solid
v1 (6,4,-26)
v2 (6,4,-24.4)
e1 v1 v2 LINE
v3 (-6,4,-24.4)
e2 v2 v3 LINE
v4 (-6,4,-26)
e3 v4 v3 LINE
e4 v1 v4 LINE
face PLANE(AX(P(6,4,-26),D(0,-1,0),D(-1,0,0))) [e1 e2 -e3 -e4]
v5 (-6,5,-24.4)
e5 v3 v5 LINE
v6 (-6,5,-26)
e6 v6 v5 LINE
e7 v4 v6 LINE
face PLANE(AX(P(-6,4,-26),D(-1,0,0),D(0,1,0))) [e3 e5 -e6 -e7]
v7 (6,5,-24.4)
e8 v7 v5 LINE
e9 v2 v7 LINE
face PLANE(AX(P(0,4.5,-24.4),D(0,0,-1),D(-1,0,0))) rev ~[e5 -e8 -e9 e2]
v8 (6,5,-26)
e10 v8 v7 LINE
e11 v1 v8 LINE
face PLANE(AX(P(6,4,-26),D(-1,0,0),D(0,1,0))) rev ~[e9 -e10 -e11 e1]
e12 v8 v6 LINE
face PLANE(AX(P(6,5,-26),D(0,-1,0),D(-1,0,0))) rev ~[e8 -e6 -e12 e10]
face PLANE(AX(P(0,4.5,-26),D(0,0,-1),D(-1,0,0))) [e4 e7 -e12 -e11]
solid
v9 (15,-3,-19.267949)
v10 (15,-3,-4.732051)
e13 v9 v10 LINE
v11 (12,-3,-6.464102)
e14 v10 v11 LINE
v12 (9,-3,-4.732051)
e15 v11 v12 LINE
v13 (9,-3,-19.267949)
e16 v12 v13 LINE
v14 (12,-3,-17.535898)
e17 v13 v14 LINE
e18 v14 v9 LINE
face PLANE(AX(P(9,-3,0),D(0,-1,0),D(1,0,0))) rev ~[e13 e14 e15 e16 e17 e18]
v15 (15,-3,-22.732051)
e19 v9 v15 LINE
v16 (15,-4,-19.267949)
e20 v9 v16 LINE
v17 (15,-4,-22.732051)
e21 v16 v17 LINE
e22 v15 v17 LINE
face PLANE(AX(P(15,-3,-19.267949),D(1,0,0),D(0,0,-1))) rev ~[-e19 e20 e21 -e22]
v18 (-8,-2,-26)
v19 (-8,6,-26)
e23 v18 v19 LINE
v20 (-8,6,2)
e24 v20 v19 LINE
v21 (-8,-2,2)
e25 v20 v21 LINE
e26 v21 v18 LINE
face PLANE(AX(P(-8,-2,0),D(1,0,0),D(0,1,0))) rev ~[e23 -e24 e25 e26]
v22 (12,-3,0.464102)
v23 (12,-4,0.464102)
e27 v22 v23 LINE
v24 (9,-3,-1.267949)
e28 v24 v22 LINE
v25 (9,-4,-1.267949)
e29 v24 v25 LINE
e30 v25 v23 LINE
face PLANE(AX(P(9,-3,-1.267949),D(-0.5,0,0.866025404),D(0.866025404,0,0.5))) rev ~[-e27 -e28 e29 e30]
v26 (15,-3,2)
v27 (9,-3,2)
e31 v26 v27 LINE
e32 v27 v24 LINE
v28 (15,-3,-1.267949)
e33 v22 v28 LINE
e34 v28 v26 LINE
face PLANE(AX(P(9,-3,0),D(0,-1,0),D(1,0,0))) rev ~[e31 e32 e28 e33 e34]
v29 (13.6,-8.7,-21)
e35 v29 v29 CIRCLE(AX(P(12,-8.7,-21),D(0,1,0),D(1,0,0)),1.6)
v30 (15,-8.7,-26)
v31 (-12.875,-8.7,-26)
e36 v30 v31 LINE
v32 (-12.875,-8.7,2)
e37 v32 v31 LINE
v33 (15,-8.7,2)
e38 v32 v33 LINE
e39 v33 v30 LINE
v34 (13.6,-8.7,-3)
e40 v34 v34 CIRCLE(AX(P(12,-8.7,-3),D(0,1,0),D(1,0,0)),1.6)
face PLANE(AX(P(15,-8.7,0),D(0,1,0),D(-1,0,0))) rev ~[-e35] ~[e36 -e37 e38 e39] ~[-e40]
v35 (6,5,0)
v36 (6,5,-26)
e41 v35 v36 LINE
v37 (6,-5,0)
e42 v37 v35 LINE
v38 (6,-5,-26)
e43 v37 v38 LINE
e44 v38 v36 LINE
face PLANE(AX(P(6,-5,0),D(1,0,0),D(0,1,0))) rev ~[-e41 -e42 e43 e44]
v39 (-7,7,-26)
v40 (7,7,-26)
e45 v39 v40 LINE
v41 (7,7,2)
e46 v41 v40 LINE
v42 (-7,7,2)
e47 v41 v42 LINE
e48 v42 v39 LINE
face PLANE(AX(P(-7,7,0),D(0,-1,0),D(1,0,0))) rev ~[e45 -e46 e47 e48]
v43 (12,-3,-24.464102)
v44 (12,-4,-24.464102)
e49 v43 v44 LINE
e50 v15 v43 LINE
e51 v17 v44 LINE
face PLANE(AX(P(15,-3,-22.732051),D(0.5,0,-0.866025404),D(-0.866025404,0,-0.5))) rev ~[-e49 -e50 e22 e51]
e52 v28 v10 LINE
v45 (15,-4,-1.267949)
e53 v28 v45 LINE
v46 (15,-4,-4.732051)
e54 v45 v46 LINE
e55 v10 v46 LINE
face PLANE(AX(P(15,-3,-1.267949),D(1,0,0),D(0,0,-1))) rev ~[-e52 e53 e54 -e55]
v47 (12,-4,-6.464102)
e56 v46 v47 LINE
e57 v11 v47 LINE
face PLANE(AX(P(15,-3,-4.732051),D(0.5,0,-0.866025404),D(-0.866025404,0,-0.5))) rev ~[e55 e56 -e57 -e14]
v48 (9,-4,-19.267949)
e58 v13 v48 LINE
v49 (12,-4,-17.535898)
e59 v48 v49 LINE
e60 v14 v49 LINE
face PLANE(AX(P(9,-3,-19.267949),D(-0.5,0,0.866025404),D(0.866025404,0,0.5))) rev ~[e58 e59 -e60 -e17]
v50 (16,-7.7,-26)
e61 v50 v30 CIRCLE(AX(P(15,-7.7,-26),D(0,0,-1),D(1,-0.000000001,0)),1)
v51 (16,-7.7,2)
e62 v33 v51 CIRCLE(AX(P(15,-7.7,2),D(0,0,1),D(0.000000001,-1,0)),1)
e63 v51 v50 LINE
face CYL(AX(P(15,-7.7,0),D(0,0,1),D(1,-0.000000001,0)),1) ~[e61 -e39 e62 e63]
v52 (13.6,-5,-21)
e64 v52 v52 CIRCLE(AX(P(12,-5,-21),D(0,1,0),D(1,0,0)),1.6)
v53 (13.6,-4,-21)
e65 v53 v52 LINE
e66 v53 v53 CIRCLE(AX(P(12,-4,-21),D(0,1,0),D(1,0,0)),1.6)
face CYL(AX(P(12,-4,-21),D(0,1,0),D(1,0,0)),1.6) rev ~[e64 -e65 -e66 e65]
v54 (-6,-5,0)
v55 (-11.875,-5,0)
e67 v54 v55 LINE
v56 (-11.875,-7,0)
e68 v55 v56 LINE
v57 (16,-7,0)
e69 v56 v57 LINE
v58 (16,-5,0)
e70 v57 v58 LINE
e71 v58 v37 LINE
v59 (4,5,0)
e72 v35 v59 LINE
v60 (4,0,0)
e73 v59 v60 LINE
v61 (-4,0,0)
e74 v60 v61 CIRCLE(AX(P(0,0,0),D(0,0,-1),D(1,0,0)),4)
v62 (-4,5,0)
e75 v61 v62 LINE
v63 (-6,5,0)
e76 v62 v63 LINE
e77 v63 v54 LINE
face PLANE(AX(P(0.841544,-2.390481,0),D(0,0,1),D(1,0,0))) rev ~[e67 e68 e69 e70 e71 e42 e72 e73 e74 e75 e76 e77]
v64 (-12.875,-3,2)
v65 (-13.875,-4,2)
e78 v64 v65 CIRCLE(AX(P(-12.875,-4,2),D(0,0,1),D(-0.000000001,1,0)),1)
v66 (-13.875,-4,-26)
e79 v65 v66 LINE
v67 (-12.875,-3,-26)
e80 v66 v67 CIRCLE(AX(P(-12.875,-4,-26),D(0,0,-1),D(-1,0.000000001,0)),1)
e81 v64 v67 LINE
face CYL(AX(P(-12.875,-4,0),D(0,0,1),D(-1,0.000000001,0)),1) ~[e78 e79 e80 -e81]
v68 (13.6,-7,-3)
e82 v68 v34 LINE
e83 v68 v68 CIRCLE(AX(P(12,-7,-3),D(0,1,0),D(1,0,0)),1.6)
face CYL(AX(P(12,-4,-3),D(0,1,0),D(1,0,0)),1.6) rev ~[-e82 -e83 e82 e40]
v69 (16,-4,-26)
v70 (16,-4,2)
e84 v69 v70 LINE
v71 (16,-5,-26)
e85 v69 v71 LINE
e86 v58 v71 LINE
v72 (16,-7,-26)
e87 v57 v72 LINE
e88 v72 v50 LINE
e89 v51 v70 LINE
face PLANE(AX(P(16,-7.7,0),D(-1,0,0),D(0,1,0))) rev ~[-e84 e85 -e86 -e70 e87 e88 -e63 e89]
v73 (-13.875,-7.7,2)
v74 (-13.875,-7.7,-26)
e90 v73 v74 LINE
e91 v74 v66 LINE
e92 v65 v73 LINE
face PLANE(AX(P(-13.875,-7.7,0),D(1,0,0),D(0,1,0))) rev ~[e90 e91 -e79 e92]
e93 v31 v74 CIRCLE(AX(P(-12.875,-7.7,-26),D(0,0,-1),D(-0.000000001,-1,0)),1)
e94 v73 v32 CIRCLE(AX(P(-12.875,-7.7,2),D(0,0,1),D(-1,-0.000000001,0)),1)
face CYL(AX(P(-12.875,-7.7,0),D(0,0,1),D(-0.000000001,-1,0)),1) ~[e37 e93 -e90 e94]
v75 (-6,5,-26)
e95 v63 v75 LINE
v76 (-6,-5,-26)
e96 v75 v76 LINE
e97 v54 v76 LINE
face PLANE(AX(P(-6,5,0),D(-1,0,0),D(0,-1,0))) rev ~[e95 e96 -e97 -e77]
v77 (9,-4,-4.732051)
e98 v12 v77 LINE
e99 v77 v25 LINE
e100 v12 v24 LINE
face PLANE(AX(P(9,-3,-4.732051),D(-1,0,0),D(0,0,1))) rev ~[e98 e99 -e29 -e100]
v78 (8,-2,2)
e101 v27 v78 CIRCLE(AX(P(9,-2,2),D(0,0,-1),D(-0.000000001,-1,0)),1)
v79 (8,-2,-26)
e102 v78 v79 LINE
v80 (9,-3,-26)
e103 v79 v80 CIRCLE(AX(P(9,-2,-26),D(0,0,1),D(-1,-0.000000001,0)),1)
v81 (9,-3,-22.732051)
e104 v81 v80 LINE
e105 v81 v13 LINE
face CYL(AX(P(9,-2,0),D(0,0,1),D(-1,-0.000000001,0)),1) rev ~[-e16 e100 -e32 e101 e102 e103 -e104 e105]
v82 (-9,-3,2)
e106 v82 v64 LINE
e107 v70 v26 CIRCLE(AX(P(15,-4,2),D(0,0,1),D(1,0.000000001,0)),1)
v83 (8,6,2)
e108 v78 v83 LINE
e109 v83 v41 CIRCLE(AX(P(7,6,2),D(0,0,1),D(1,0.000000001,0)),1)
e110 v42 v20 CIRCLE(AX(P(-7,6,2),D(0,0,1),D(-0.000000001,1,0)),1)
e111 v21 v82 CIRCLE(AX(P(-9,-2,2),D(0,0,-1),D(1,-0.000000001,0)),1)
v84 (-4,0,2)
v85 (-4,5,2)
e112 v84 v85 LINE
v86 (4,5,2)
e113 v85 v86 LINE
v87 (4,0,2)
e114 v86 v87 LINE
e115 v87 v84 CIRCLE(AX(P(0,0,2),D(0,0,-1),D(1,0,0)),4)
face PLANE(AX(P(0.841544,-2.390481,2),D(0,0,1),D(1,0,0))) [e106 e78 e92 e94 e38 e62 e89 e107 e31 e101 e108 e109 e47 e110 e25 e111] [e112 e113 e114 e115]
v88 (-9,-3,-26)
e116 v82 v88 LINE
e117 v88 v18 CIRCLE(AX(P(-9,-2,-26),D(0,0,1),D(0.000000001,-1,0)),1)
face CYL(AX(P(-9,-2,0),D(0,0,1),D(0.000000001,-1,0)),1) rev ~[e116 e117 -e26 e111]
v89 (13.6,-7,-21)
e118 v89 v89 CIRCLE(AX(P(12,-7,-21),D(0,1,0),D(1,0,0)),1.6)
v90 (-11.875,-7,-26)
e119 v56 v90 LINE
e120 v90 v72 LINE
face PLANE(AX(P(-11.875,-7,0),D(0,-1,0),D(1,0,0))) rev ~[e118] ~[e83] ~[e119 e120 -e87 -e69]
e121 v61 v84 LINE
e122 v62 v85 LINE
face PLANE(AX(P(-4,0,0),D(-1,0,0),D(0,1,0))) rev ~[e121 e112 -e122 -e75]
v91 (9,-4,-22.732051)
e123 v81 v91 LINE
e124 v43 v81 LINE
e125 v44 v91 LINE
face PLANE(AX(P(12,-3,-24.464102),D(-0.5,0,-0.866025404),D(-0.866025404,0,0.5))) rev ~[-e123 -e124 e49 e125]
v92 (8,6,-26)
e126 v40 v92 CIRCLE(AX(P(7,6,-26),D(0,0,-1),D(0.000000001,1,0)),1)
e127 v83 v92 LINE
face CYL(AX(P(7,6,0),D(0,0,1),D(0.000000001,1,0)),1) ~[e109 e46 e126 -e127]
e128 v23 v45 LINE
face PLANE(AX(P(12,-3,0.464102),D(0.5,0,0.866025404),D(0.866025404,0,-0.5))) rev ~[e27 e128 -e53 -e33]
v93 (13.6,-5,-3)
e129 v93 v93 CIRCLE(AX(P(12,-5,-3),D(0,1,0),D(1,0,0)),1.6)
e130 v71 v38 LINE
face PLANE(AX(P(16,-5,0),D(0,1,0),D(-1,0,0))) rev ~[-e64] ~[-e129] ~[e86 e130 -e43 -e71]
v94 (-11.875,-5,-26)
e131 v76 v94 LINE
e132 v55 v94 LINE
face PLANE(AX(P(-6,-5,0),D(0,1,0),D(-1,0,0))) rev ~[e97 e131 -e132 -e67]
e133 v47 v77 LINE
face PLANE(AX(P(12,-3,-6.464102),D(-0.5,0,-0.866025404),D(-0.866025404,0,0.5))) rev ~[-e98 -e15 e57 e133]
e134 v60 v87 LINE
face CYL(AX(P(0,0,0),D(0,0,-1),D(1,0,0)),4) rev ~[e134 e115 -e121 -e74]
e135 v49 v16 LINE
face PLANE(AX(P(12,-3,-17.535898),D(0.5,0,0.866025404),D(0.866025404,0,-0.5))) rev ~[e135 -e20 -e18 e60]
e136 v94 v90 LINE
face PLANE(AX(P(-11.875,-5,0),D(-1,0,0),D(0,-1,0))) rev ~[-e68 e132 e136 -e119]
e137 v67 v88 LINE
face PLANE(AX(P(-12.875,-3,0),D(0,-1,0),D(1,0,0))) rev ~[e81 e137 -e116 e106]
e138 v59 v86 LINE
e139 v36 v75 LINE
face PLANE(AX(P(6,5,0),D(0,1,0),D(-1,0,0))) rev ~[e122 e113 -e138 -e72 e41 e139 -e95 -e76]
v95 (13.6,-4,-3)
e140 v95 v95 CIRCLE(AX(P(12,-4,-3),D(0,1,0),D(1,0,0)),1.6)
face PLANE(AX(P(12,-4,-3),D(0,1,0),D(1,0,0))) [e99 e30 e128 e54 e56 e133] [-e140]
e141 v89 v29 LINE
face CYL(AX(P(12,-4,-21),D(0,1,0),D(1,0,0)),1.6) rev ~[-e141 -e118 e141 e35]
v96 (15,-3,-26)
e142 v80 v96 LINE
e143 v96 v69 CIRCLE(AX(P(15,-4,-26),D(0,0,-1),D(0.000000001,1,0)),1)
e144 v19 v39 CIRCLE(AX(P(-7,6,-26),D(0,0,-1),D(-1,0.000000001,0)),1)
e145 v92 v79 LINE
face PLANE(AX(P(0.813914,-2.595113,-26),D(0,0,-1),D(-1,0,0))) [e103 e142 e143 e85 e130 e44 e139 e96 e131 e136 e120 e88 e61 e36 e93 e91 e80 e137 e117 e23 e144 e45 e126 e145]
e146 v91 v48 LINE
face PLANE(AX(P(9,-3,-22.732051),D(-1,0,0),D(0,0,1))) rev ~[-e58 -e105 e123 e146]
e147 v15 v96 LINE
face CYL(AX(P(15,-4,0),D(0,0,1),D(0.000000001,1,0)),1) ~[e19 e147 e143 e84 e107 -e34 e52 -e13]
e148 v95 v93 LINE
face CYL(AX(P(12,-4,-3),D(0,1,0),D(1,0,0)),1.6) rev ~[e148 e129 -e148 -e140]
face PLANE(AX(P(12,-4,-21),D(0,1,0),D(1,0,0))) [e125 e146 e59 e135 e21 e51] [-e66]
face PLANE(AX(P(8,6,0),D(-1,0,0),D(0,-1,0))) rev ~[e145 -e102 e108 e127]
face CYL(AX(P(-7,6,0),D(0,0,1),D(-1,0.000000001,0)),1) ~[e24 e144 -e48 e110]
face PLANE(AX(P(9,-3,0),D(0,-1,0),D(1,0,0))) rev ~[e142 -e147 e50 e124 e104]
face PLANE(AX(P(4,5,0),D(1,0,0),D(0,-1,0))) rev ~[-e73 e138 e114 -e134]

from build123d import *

# Parameters (mm, degrees)
EXTRUDE_1_DEPTH          = 2
EXTRUDE_2_DEPTH          = 26
CUT_EXTRUDE_2_DEPTH      = 11
CUT_EXTRUDE_2_DEPTH_BACK = 1
CUT_EXTRUDE_3_DEPTH      = 11
CUT_EXTRUDE_3_DEPTH_BACK = 1
SKETCH_9_R               = 1.6
CUT_EXTRUDE_4_DEPTH      = 5.7
SKETCH_10_W              = 12
SKETCH_10_H              = 1
EXTRUDE_3_DEPTH          = 1.6


with BuildPart() as part:
    # 草图1 → 凸台-拉伸1 (new body)
    with BuildSketch(Plane.XY):
        with BuildLine():
            ThreePointArc((16, -4), (15.707106781, -3.292893219), (15, -3))
            Line((15, -3), (9, -3))
            ThreePointArc((9, -3), (8.292893219, -2.707106781), (8, -2))
            Line((8, -2), (8, 6))
            ThreePointArc((8, 6), (7.707106781, 6.707106781), (7, 7))
            Line((7, 7), (-7, 7))
            ThreePointArc((-7, 7), (-7.707106781, 6.707106781), (-8, 6))
            Line((-8, 6), (-8, -2))
            ThreePointArc((-8, -2), (-8.292893219, -2.707106781), (-9, -3))
            Line((-9, -3), (-12.875, -3))
            ThreePointArc((-12.875, -3), (-13.582106781, -3.292893219), (-13.875, -4))
            Line((-13.875, -4), (-13.875, -7.7))
            ThreePointArc((-13.875, -7.7), (-13.582106781, -8.407106781), (-12.875, -8.7))
            Line((-12.875, -8.7), (15, -8.7))
            ThreePointArc((15, -8.7), (15.707106781, -8.407106781), (16, -7.7))
            Line((16, -7.7), (16, -4))
        make_face()
        with BuildLine():
            Line((4, 5), (4, 0))
            ThreePointArc((4, 0), (0, -4), (-4, 0))
            Line((-4, 0), (-4, 5))
            Line((-4, 5), (4, 5))
        make_face(mode=Mode.SUBTRACT)
    extrude(amount=EXTRUDE_1_DEPTH)

    # 草图2 → 凸台-拉伸2 (add)
    with BuildSketch(Plane(origin=(0, 0, 0), x_dir=(-1, 0, 0), z_dir=(0, 0, -1))):
        with BuildLine():
            Line((-6, 4.5), (-6, 5))
            Line((-6, 5), (-5.5, 5))
            Line((-5.5, 5), (5.5, 5))
            Line((5.5, 5), (6, 5))
            Line((6, 5), (6, 4.5))
            Line((6, 4.5), (6, -4.5))
            Line((6, -4.5), (6, -5))
            Line((6, -5), (11.875, -5))
            Line((11.875, -5), (11.875, -7))
            Line((11.875, -7), (-16, -7))
            Line((-16, -7), (-16, -7.7))
            ThreePointArc((-16, -7.7), (-15.707106781, -8.407106781), (-15, -8.7))
            Line((-15, -8.7), (12.875, -8.7))
            ThreePointArc((12.875, -8.7), (13.582106781, -8.407106781), (13.875, -7.7))
            Line((13.875, -7.7), (13.875, -4))
            ThreePointArc((13.875, -4), (13.582106781, -3.292893219), (12.875, -3))
            Line((12.875, -3), (9, -3))
            ThreePointArc((9, -3), (8.292893219, -2.707106781), (8, -2))
            Line((8, -2), (8, 6))
            ThreePointArc((8, 6), (7.707106781, 6.707106781), (7, 7))
            Line((7, 7), (-7, 7))
            ThreePointArc((-7, 7), (-7.707106781, 6.707106781), (-8, 6))
            Line((-8, 6), (-8, -2))
            ThreePointArc((-8, -2), (-8.292893219, -2.707106781), (-9, -3))
            Line((-9, -3), (-15, -3))
            ThreePointArc((-15, -3), (-15.707106781, -3.292893219), (-16, -4))
            Line((-16, -4), (-16, -5))
            Line((-16, -5), (-6, -5))
            Line((-6, -5), (-6, -4.5))
            Line((-6, -4.5), (-6, 4.5))
        make_face()
    extrude(amount=EXTRUDE_2_DEPTH)

    # 草图5 → 切除-拉伸2 (cut, two sides)
    with BuildSketch(Plane(origin=(0, -3, 0), x_dir=(1, 0, 0), z_dir=(0, 1, 0))) as cut_extrude_2_sk:
        Polygon((15, 22.732050808), (12, 24.464101615), (9, 22.732050808), (9, 19.267949192), (12, 17.535898385), (15, 19.267949192), align=None)
    extrude(amount=CUT_EXTRUDE_2_DEPTH, mode=Mode.SUBTRACT)
    extrude(cut_extrude_2_sk.sketch, amount=-CUT_EXTRUDE_2_DEPTH_BACK, mode=Mode.SUBTRACT)

    # 草图6 → 切除-拉伸3 (cut, two sides)
    with BuildSketch(Plane(origin=(0, -3, 0), x_dir=(1, 0, 0), z_dir=(0, 1, 0))) as cut_extrude_3_sk:
        Polygon((15, 4.732050808), (12, 6.464101615), (9, 4.732050808), (9, 1.267949192), (12, -0.464101615), (15, 1.267949192), align=None)
    extrude(amount=CUT_EXTRUDE_3_DEPTH, mode=Mode.SUBTRACT)
    extrude(cut_extrude_3_sk.sketch, amount=-CUT_EXTRUDE_3_DEPTH_BACK, mode=Mode.SUBTRACT)

    # 草图9 → 切除-拉伸4 (cut, through all)
    with BuildSketch(Plane(origin=(0, -4, 0), x_dir=(1, 0, 0), z_dir=(0, 1, 0))):
        with Locations((12, 3)):
            Circle(SKETCH_9_R)
        with Locations((12, 21)):
            Circle(SKETCH_9_R)
    extrude(amount=-CUT_EXTRUDE_4_DEPTH, mode=Mode.SUBTRACT)


with BuildPart() as body_2:
    # 草图10 → 凸台-拉伸3 (new body)
    with BuildSketch(Plane(origin=(0, 0, -26), x_dir=(-1, 0, 0), z_dir=(0, 0, -1))):
        with Locations((0, 4.5)):
            Rectangle(SKETCH_10_W, SKETCH_10_H)
    extrude(amount=-EXTRUDE_3_DEPTH)


solid = Compound([part.part, body_2.part])
